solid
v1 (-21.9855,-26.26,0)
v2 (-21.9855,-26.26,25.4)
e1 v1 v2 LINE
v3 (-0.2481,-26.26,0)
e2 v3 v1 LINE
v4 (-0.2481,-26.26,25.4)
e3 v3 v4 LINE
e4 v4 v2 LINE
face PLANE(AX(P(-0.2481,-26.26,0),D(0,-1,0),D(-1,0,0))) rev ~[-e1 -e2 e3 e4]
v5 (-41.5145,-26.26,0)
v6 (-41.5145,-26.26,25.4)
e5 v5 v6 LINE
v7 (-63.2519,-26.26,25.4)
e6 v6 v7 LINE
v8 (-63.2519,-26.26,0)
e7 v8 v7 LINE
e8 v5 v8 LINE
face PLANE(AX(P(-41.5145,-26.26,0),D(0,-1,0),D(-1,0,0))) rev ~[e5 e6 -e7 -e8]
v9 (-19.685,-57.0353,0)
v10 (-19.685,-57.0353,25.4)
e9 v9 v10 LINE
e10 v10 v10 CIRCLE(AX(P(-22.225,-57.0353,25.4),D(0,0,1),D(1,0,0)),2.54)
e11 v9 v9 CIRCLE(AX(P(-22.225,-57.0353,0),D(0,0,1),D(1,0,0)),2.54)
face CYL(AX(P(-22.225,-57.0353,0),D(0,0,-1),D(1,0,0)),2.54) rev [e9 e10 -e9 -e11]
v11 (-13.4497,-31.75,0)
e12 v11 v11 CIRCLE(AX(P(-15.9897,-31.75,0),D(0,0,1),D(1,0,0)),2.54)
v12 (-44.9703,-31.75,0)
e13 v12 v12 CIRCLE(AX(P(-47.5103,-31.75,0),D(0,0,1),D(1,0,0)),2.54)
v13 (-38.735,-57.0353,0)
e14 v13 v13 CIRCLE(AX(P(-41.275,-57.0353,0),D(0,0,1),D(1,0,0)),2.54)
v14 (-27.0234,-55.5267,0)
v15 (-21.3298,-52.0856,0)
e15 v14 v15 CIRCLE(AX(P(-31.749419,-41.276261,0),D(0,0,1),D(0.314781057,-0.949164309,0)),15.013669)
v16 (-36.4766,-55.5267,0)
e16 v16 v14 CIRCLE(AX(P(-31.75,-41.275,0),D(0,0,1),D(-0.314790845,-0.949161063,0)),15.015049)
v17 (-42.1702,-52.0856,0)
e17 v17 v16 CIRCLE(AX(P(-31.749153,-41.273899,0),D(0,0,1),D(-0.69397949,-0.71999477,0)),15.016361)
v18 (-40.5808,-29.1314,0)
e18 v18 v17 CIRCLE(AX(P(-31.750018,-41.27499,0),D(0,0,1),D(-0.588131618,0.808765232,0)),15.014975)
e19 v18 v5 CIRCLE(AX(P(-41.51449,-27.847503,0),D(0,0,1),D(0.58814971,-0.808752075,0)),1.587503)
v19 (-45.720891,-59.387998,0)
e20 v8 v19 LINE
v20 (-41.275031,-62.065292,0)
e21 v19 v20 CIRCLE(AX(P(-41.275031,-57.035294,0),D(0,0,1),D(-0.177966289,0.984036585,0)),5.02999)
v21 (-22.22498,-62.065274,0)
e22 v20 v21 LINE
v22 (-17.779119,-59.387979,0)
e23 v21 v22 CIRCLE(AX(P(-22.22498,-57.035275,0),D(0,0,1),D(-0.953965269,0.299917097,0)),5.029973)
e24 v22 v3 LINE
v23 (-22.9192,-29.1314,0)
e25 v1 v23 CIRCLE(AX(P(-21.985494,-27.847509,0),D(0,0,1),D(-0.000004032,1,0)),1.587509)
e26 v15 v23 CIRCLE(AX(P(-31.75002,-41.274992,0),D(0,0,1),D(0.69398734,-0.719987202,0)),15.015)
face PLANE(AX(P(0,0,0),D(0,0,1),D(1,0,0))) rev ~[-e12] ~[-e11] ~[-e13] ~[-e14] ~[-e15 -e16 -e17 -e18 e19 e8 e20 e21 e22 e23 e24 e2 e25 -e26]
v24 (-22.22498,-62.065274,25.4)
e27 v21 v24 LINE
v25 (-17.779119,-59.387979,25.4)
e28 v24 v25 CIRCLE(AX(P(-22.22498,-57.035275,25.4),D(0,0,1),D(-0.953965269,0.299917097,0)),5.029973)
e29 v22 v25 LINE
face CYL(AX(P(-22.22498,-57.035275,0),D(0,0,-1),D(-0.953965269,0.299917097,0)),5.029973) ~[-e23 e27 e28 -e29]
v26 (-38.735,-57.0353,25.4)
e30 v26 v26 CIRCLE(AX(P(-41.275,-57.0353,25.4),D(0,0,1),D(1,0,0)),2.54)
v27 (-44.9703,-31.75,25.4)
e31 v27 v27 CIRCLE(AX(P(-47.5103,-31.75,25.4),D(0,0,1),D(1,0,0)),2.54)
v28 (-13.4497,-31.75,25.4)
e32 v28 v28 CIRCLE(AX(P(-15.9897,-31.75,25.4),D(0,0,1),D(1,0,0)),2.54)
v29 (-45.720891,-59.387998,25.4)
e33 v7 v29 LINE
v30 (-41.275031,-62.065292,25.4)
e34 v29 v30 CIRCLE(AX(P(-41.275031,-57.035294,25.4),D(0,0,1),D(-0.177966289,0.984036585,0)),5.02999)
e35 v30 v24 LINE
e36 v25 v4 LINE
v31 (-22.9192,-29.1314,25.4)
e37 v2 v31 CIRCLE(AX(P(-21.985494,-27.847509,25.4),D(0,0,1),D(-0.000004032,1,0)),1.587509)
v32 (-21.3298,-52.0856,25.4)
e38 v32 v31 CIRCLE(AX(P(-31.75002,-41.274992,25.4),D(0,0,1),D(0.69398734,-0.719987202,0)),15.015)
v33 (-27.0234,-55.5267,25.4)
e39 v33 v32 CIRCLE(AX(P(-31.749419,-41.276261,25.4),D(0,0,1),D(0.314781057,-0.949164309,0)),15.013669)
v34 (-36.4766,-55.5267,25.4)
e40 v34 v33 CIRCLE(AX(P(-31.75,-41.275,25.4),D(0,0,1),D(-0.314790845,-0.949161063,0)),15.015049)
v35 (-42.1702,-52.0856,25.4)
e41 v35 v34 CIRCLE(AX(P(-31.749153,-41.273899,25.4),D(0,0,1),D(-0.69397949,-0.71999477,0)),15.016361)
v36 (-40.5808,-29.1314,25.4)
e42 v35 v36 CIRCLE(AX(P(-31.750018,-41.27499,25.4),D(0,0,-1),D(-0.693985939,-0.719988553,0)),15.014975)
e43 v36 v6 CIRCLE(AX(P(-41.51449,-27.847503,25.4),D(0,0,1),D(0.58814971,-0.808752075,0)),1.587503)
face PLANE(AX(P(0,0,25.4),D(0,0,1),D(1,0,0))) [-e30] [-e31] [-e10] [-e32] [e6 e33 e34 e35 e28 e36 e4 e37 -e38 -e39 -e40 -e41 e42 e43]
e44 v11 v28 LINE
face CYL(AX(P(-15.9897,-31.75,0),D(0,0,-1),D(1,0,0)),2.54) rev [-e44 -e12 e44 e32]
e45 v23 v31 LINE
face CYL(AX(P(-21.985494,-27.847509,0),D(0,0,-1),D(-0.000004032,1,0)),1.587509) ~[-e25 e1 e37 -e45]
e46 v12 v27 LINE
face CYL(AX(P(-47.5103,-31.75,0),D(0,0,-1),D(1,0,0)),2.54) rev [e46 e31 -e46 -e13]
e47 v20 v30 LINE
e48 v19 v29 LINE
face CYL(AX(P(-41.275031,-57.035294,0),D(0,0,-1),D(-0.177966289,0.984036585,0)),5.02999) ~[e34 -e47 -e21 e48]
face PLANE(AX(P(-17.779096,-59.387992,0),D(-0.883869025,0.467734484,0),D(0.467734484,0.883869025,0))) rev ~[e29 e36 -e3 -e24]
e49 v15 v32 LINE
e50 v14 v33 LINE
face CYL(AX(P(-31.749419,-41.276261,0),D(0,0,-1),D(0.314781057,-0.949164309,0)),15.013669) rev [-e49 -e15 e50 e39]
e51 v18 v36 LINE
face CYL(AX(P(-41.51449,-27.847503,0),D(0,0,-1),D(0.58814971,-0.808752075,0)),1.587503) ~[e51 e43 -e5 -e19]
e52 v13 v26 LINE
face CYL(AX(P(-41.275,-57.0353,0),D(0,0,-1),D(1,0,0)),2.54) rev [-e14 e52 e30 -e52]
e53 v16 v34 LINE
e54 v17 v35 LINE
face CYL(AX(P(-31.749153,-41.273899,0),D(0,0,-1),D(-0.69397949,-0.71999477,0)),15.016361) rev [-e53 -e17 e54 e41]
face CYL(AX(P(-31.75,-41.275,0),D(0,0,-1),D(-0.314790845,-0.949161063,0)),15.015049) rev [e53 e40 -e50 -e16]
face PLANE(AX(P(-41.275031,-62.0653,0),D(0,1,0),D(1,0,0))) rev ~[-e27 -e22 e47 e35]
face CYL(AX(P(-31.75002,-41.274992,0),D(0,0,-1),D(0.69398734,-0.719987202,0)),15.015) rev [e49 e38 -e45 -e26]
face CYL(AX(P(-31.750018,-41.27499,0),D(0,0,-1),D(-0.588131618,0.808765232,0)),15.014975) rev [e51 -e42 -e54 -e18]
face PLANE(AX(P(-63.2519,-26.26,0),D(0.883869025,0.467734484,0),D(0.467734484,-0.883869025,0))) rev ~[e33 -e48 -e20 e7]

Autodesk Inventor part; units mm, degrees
ref_plane "YZ Plane" through (0, 0, 0) normal (1, 0, 0) x (0, 1, 0)
ref_plane "XZ Plane" through (0, 0, 0) normal (0, 1, 0) x (-1, 0, 0)
ref_plane "XY Plane" through (0, 0, 0) normal (0, 0, 1) x (1, 0, 0)
sketch "Sketch1" plane through (0, 0, 0) normal (0, 0, 1) x (1, 0, 0)
  line L0 (-20.0409, -61.9125) -> (-18.5142, -60.3859) construction
  line L1 (-18.5142, -60.3859) -> (0, -25.4) construction
  line L2 (0, -25.4) -> (0, -2.159) construction
  line L3 (0, -2.159) -> (-2.159, 0) construction
  line L4 (-2.159, 0) -> (-61.341, 0) construction
  line L5 (-61.341, 0) -> (-63.5, -2.159) construction
  line L6 (-63.5, -2.159) -> (-63.5, -25.4) construction
  line L7 (-63.5, -25.4) -> (-44.9858, -60.3859) construction
  line L8 (-44.9858, -60.3859) -> (-43.4591, -61.9125) construction
  line L9 (-43.4591, -61.9125) -> (-20.0409, -61.9125) construction
  circle A0 centre (-22.225, -57.0353) radius 2.0701 construction
  circle A1 centre (-47.5103, -31.75) radius 2.0701 construction
  circle A2 centre (-31.75, -12.7) radius 2.0701 construction
  circle A3 centre (-6.35, -12.7) radius 2.0701 construction
  circle A4 centre (-31.75, -41.275) radius 14.2875 construction
  circle A5 centre (-57.15, -12.7) radius 2.0701 construction
  circle A6 centre (-44.45, -12.7) radius 2.0701 construction
  circle A7 centre (-19.05, -12.7) radius 2.0701 construction
  circle A8 centre (-41.275, -57.0353) radius 2.0701 construction
  circle A9 centre (-15.9897, -31.75) radius 2.0701 construction
  circle A10 centre (-47.5103, -31.75) radius 2.54
  circle A11 centre (-15.9897, -31.75) radius 2.54
  circle A12 centre (-41.275, -57.0353) radius 2.54
  circle A13 centre (-22.225, -57.0353) radius 2.54
  circle A14 centre (-47.5103, -31.75) radius 3.4
  arc A15 (-42.1702, -52.0856) -> (-36.4766, -55.5267) centre (-41.275, -57.0353) ccw
  line L10 (-63.2519, -26.26) -> (-44.3041, -62.0653)
  line L11 (-44.3041, -62.0653) -> (-19.1959, -62.0653)
  line L12 (-19.1959, -62.0653) -> (-0.2481, -26.26)
  line L13 (-0.2481, -26.26) -> (-21.9855, -26.26)
  arc A16 (-27.0234, -55.5267) -> (-21.3298, -52.0856) centre (-22.225, -57.0353) ccw
  arc A17 (-36.4766, -55.5267) -> (-27.0234, -55.5267) centre (-31.75, -41.275) ccw
  arc A18 (-42.1702, -52.0856) -> (-36.4766, -55.5267) centre (-31.75, -41.275) ccw
  arc A19 (-27.0234, -55.5267) -> (-21.3298, -52.0856) centre (-31.75, -41.275) ccw
  arc A20 (-21.3298, -52.0856) -> (-22.9192, -29.1314) centre (-31.75, -41.275) ccw
  arc A21 (-41.1827, -52.0061) -> (-42.1702, -52.0856) centre (-41.275, -57.0353) ccw
  arc A22 (-36.8654, -54.6154) -> (-41.1827, -52.0061) centre (-41.275, -57.0353) ccw construction
  arc A23 (-26.6346, -54.6154) -> (-27.0234, -55.5267) centre (-22.225, -57.0353) ccw
  arc A24 (-22.3173, -52.0061) -> (-26.6346, -54.6154) centre (-22.225, -57.0353) ccw construction
  arc A25 (-36.4766, -55.5267) -> (-36.8654, -54.6154) centre (-41.275, -57.0353) ccw
  arc A26 (-21.3298, -52.0856) -> (-22.3173, -52.0061) centre (-22.225, -57.0353) ccw
  line L14 (450.85, -25.4) -> (-107.95, -25.4) projected
  line L15 (-41.5145, -26.26) -> (-63.2519, -26.26)
  arc A27 (-40.5808, -29.1314) -> (-42.1702, -52.0856) centre (-31.75, -41.275) ccw
  arc A28 (-40.5808, -29.1314) -> (-41.5145, -26.26) centre (-41.5145, -27.8475) ccw
  arc A29 (-21.9855, -26.26) -> (-22.9192, -29.1314) centre (-21.9855, -27.8475) ccw
  point P0 (0, 0)
  point P1 (-44.6004, -33.5086)
  point P2 (-31.75, -26.26)
  point P3 (-45.7209, -59.388)
  point P4 (-41.275, -62.0653)
  point P5 (-22.225, -62.0653)
  point P6 (-17.7791, -59.388)
  point P7 (-31.75, -26.26)
  point P8 (-44.6004, -33.5086)
  dimension "d0" = 5.08
  dimension "d1" = 6.8
  dimension "d2" = 10.06
  dimension "d8" = 1.5875
extrude "Extrusion1" add sketch "Sketch1" along normal blind 25.4 contours A14 | A27 A15 L10 L15 A28 | A18 A15 | A17 A16 L11 A15 | A19 A16 | A20 A29 L13 L12 A16
properties part number "SideSpacer"
